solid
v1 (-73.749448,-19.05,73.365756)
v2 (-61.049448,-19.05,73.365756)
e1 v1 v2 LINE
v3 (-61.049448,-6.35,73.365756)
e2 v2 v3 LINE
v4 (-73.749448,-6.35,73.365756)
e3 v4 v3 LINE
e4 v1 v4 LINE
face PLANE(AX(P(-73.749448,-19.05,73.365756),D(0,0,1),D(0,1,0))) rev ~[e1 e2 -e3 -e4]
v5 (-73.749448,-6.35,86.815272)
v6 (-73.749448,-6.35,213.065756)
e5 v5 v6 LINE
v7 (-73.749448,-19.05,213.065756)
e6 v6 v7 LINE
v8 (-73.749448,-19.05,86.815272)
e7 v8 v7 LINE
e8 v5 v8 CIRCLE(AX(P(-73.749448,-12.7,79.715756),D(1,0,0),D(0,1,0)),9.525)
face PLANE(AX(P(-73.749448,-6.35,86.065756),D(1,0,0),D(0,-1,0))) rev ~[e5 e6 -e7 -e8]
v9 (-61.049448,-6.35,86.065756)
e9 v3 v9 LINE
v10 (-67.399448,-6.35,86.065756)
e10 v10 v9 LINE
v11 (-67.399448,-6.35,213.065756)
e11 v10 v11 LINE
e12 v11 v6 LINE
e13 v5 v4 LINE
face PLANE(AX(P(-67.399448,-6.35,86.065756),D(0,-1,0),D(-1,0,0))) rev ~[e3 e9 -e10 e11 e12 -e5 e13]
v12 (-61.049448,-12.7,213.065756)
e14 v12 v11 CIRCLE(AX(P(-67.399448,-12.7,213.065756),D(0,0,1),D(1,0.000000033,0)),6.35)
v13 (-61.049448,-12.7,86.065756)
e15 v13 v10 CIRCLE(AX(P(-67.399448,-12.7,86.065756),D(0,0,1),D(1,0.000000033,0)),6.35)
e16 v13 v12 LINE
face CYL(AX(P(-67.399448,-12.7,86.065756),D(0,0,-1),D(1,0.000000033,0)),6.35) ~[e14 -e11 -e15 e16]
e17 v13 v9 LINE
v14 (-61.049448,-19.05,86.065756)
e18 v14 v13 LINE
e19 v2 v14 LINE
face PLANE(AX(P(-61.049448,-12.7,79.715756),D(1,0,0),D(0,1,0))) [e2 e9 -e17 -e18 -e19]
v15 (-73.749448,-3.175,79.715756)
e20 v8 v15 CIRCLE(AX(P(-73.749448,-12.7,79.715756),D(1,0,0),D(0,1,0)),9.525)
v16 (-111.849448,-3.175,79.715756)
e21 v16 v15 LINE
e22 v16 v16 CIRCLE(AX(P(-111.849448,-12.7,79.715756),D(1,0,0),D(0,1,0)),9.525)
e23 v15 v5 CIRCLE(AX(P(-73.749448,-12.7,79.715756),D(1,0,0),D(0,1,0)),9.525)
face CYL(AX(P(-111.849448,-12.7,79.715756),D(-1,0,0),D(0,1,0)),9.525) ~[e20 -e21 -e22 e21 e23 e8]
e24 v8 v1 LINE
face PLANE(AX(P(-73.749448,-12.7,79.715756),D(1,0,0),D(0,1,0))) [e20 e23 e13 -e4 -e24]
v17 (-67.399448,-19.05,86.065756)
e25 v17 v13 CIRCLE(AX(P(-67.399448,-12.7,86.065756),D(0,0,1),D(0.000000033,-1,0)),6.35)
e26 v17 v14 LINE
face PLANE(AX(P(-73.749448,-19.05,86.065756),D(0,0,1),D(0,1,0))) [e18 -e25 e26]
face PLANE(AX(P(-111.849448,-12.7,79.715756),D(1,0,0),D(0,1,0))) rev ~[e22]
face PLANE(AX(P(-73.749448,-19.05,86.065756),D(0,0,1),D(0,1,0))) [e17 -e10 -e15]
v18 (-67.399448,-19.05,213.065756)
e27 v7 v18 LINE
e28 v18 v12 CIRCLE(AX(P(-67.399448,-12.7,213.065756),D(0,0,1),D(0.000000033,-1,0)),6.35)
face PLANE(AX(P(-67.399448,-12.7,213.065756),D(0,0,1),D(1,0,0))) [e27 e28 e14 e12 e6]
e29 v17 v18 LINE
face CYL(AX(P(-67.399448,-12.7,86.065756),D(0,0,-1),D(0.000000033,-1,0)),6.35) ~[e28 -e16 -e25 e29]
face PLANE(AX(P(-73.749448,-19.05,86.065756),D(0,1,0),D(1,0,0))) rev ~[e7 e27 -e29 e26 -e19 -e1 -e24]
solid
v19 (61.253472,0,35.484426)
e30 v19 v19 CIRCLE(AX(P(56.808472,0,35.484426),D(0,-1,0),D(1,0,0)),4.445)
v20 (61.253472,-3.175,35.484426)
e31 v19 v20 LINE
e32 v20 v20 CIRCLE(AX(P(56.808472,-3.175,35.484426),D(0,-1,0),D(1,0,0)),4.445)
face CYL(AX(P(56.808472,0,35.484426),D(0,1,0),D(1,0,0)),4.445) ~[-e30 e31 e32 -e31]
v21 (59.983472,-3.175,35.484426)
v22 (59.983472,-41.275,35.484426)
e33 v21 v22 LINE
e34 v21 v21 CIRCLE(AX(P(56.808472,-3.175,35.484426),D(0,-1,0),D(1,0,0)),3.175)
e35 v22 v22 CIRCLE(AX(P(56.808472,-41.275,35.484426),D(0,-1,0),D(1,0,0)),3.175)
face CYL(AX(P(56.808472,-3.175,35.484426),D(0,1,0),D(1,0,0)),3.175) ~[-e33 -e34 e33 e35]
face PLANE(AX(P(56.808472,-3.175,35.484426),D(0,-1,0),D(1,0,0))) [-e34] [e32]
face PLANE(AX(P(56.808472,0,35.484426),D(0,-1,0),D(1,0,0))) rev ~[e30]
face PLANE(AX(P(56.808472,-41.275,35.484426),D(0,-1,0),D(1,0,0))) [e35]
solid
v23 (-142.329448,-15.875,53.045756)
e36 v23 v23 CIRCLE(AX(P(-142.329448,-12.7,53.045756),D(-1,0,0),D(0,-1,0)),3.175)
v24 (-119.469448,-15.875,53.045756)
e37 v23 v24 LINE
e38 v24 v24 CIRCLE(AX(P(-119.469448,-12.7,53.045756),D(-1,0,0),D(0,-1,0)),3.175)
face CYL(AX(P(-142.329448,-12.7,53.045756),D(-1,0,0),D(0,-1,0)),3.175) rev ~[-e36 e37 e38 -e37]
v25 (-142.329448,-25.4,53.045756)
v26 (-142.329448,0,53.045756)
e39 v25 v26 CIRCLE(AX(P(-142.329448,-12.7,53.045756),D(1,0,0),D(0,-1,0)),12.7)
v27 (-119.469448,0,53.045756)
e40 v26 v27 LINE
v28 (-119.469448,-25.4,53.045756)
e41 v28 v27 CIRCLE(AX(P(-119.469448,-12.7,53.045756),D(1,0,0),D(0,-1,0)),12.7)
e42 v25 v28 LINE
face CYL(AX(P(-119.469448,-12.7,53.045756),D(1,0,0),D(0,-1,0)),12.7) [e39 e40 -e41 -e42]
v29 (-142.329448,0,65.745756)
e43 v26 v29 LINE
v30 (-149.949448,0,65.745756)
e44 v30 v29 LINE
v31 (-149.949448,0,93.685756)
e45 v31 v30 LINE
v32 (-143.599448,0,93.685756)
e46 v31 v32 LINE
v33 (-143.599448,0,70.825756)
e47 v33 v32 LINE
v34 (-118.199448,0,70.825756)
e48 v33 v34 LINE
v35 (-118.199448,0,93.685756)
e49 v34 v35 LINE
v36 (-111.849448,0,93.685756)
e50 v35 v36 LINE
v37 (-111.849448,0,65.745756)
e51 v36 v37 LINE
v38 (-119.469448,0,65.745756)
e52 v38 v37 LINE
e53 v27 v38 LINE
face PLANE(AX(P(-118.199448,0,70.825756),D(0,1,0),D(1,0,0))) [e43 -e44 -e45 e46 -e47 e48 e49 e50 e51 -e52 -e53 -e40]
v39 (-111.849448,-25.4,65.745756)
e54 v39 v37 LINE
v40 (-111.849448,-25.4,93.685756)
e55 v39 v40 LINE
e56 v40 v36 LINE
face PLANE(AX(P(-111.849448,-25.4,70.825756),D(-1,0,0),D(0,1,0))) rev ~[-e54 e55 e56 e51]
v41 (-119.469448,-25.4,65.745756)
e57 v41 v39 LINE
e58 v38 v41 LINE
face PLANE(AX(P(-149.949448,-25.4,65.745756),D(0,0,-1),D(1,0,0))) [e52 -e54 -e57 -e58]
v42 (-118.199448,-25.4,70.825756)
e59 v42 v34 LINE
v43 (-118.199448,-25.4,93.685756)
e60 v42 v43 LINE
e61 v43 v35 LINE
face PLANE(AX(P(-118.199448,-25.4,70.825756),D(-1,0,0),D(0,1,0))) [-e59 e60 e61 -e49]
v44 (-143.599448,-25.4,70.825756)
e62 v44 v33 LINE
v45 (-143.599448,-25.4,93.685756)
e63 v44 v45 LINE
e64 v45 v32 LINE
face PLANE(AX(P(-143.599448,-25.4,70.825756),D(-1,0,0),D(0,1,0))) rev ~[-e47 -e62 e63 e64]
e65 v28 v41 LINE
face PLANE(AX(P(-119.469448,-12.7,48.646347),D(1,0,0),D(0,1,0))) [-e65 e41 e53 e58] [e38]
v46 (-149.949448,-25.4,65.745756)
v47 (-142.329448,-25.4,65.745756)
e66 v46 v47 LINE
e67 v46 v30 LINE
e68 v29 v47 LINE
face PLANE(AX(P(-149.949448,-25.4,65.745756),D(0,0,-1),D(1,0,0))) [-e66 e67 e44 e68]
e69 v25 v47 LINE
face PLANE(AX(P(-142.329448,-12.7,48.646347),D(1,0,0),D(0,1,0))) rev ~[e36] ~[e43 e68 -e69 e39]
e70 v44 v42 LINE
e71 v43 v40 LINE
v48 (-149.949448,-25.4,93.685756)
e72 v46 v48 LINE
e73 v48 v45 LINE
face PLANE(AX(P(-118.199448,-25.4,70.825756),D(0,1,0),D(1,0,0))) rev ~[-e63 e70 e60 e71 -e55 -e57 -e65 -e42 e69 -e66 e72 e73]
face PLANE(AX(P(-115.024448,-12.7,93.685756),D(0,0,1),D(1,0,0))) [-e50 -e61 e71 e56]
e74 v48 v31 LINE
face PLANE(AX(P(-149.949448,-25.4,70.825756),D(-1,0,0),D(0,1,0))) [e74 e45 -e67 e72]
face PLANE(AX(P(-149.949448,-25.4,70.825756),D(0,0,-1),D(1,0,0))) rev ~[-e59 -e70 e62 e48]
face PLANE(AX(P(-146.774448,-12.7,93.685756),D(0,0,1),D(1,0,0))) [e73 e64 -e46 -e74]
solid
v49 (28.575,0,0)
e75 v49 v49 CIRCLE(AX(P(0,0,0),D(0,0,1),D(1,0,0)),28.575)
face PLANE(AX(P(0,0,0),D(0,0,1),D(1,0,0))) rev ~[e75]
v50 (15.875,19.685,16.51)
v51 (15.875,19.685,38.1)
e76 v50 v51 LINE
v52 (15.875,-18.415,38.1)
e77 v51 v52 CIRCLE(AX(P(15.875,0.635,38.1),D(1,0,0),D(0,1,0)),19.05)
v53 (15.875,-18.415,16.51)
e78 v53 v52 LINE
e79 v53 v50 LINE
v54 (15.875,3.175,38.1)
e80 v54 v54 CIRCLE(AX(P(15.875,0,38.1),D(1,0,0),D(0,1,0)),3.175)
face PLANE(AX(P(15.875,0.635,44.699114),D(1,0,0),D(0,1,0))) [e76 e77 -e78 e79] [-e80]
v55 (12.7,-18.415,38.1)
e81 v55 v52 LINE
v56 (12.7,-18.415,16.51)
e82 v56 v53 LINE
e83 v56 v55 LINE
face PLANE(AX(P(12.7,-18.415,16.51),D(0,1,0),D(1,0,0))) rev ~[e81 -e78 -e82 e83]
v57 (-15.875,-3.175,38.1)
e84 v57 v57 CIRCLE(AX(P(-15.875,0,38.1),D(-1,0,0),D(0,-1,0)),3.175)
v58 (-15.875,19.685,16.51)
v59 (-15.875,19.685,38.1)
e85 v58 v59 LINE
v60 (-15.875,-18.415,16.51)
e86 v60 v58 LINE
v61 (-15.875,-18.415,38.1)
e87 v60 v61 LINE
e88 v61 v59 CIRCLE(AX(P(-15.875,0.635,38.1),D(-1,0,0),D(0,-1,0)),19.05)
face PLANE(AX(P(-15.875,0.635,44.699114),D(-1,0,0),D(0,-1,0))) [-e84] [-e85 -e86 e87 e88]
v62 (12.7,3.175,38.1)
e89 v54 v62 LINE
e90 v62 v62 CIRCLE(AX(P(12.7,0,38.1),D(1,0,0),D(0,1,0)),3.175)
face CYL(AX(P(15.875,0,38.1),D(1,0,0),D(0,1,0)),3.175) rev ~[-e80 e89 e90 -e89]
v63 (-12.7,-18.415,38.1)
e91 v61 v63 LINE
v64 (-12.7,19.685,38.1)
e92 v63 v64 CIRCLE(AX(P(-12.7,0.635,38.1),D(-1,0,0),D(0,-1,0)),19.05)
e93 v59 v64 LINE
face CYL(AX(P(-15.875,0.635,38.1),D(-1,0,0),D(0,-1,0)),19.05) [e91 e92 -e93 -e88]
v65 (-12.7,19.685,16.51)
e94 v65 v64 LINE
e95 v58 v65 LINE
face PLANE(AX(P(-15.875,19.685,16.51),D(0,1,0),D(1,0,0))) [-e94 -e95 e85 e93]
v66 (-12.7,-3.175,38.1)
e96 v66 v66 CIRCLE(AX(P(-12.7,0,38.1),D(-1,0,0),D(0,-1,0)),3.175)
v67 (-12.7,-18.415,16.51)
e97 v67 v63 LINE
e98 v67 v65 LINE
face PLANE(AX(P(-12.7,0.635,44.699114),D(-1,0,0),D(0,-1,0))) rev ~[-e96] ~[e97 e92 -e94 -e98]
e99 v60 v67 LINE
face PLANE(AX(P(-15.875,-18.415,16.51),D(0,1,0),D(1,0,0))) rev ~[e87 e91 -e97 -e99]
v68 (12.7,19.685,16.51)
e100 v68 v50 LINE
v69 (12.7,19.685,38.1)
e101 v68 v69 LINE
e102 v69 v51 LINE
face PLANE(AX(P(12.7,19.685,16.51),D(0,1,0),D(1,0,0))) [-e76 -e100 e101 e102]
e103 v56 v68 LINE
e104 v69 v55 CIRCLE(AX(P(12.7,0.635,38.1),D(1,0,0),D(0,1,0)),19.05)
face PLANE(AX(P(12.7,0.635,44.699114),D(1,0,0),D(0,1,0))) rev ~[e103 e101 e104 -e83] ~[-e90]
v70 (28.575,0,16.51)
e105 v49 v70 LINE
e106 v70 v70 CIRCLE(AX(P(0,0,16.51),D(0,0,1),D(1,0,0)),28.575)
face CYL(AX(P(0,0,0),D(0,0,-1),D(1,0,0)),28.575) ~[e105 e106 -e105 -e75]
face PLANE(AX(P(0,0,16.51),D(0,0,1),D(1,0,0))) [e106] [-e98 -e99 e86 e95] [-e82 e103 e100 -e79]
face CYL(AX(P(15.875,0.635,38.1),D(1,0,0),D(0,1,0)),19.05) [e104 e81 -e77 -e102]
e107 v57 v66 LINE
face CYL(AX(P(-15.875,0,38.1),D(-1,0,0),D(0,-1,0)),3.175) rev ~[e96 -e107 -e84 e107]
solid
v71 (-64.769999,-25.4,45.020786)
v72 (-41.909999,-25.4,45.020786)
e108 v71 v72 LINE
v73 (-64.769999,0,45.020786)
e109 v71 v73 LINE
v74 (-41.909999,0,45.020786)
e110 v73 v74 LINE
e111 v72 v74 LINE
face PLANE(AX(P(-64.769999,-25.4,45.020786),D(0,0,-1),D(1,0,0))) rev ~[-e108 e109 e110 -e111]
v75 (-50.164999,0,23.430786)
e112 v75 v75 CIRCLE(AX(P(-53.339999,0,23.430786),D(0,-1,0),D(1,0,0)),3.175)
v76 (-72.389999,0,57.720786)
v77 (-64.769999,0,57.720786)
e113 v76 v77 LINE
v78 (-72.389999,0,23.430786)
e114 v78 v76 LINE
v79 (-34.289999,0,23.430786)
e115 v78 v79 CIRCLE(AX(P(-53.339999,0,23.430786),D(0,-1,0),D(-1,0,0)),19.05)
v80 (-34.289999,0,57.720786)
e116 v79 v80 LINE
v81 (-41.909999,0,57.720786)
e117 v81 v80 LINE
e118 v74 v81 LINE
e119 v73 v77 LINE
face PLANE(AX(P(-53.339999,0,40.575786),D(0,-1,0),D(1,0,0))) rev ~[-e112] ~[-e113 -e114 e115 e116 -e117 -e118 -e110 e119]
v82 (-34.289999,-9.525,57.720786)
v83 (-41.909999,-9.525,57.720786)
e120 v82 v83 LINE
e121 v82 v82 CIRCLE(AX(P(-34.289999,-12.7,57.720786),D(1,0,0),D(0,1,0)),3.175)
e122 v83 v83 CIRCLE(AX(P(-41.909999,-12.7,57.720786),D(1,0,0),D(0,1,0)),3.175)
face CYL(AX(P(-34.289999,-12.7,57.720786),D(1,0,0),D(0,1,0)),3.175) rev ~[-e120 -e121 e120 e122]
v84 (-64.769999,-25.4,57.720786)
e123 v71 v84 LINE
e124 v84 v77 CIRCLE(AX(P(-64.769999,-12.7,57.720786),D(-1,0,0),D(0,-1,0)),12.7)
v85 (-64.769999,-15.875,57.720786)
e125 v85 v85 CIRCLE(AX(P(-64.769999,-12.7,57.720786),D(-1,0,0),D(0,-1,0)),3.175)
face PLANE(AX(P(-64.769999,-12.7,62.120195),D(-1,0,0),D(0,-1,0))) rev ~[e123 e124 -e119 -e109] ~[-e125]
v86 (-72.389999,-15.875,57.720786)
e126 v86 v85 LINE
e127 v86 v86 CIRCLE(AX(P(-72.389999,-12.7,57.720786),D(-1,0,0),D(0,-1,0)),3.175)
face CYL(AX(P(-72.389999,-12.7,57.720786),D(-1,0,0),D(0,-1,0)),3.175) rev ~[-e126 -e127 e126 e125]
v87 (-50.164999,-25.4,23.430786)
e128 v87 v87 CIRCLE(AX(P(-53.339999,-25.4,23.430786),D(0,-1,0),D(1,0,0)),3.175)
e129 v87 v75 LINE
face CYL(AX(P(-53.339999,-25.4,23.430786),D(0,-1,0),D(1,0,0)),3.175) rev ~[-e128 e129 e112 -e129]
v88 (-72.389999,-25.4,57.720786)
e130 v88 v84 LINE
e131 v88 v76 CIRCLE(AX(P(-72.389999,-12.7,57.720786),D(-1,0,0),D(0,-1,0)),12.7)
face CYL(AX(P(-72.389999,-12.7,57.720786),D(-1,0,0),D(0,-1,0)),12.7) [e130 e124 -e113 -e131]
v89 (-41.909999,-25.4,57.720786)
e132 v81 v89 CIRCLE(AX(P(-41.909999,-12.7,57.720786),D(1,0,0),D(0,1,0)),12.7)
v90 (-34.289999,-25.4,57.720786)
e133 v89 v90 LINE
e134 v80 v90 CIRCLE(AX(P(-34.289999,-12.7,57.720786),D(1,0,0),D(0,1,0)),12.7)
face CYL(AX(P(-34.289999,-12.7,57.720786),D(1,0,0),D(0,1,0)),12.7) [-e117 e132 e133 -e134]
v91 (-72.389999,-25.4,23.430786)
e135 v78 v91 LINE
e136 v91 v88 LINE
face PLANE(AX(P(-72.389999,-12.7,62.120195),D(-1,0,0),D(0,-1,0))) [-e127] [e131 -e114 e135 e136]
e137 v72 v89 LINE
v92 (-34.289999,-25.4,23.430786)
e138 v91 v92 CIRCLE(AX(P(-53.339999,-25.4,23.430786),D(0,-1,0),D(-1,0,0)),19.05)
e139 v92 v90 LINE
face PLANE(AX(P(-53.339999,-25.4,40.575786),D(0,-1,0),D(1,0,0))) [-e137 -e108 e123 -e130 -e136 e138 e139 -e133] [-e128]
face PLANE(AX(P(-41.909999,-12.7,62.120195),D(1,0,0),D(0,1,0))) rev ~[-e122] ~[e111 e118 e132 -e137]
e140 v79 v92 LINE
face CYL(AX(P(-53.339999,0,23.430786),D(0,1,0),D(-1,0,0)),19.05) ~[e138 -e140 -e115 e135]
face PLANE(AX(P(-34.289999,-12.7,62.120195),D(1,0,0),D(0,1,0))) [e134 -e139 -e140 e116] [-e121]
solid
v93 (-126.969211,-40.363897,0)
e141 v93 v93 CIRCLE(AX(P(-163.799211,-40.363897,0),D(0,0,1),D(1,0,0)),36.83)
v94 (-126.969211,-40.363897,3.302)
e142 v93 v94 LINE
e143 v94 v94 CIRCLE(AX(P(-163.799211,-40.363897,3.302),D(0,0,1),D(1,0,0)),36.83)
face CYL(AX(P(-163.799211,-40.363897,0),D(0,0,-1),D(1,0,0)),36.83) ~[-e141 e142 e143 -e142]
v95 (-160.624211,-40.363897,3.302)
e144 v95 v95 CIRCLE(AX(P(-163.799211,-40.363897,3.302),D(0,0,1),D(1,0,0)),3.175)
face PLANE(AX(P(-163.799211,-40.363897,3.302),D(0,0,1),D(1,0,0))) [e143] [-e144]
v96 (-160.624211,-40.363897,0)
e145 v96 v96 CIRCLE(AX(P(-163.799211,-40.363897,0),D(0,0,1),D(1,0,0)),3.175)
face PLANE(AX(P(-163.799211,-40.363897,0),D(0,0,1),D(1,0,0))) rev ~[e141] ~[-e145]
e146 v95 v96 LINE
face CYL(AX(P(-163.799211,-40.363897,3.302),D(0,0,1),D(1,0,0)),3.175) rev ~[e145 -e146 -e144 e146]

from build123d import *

# Parameters (mm, degrees)
F0_R      = 28.575
F1_DEPTH  = 16.51
F2_W      = 3.175
F2_H      = 38.1
F3_DEPTH  = 21.59
F5_DEPTH  = 3.175
F7_DEPTH  = 3.175
F8_R      = 3.175
F9_DEPTH  = 25.4
F10_R     = 3.175
F11_DEPTH = 25.4
F12_W     = 38.1
F12_H     = 34.29
F13_DEPTH = 25.4
F14_R     = 3.175
F15_DEPTH = 25.4
F16_W     = 22.86
F16_H     = 12.7
F17_DEPTH = 25.4
F19_DEPTH = 7.62
F21_DEPTH = 7.62
F22_R     = 3.175
F23_DEPTH = 12.7
F24_R     = 3.175
F25_DEPTH = 25.4
F26_W     = 22.86
F26_H     = 12.7
F27_DEPTH = 25.4
F29_DEPTH = 22.86
F30_R     = 3.175
F31_DEPTH = 25.4
F32_W     = 38.1
F32_H     = 5.08
F33_DEPTH = 25.4
F34_W     = 6.35
F34_H     = 25.4
F35_DEPTH = 22.86
F36_W     = 6.35
F36_H     = 25.4
F37_DEPTH = 22.86
F38_R     = 36.83
F39_DEPTH = 3.302
F40_R     = 3.175
F41_DEPTH = 25.4
F42_R     = 4.445
F43_DEPTH = 3.175
F44_R     = 3.175
F45_DEPTH = 38.1
F46_R     = 9.525
F47_DEPTH = 38.1
F48_W     = 12.7
F48_H     = 12.7
F49_DEPTH = 12.7
F51_DEPTH = 127


with BuildPart() as f1:
    # F0 (on Top) → F1 (new body)
    with BuildSketch(Plane.XY):
        Circle(F0_R)
    extrude(amount=F1_DEPTH)

    # F2 (on face) → F3 (join)
    with BuildSketch(Plane.XY.offset(16.51)):
        with Locations((-14.2875, 0.635)):
            Rectangle(F2_W, F2_H)
        with Locations((14.2875, 0.635)):
            Rectangle(F2_W, F2_H)
    extrude(amount=F3_DEPTH)

    # F4 (on face) → F5 (join)
    with BuildSketch(Plane(origin=(-15.875, 0, 0), x_dir=(0, -1, 0), z_dir=(-1, 0, 0))):
        with BuildLine():
            Line((-19.685, 38.1), (18.415, 38.1))
            ThreePointArc((18.415, 38.1), (-0.635, 57.15), (-19.685, 38.1))
        make_face()
    extrude(amount=-F5_DEPTH)

    # F6 (on face) → F7 (join)
    with BuildSketch(Plane.YZ.offset(15.875)):
        with BuildLine():
            Line((-18.415, 38.1), (19.685, 38.1))
            ThreePointArc((19.685, 38.1), (0.635, 57.15), (-18.415, 38.1))
        make_face()
    extrude(amount=-F7_DEPTH)

    # F8 (on face) → F9 (cut)
    with BuildSketch(Plane(origin=(-15.875, 0, 0), x_dir=(0, -1, 0), z_dir=(-1, 0, 0))):
        with Locations((0, 38.1)):
            Circle(F8_R)
    extrude(amount=-F9_DEPTH, mode=Mode.SUBTRACT)

    # F10 (on face) → F11 (cut)
    with BuildSketch(Plane.YZ.offset(15.875)):
        with Locations((0, 38.1)):
            Circle(F10_R)
    extrude(amount=-F11_DEPTH, mode=Mode.SUBTRACT)


with BuildPart() as f13:
    # F12 (on Front) → F13 (new body)
    with BuildSketch(Plane.XZ):
        with Locations((-53.339999, 40.575786)):
            Rectangle(F12_W, F12_H)
        with BuildLine():
            Line((-34.289999, 23.430786), (-72.389999, 23.430786))
            ThreePointArc((-72.389999, 23.430786), (-53.339999, 4.380786), (-34.289999, 23.430786))
        make_face()
    extrude(amount=F13_DEPTH)

    # F14 (on face) → F15 (cut)
    with BuildSketch(Plane.XZ.offset(25.4)):
        with Locations((-53.339999, 23.430786)):
            Circle(F14_R)
    extrude(amount=-F15_DEPTH, mode=Mode.SUBTRACT)

    # F16 (on face) → F17 (cut)
    with BuildSketch(Plane.XZ.offset(25.4)):
        with Locations((-53.339999, 51.370786)):
            Rectangle(F16_W, F16_H)
    extrude(amount=-F17_DEPTH, mode=Mode.SUBTRACT)

    # F18 (on face) → F19 (join)
    with BuildSketch(Plane(origin=(-72.389999, 0, 0), x_dir=(0, -1, 0), z_dir=(-1, 0, 0))):
        with BuildLine():
            Line((0, 57.720786), (25.4, 57.720786))
            ThreePointArc((25.4, 57.720786), (12.7, 70.420786), (0, 57.720786))
        make_face()
    extrude(amount=-F19_DEPTH)

    # F20 (on face) → F21 (join)
    with BuildSketch(Plane.YZ.offset(-34.289999)):
        with BuildLine():
            Line((-25.4, 57.720786), (0, 57.720786))
            ThreePointArc((0, 57.720786), (-12.7, 70.420786), (-25.4, 57.720786))
        make_face()
    extrude(amount=-F21_DEPTH)

    # F22 (on face) → F23 (cut)
    with BuildSketch(Plane(origin=(-72.389999, 0, 0), x_dir=(0, -1, 0), z_dir=(-1, 0, 0))):
        with Locations((12.7, 57.720786)):
            Circle(F22_R)
    extrude(amount=-F23_DEPTH, mode=Mode.SUBTRACT)

    # F24 (on face) → F25 (cut)
    with BuildSketch(Plane.YZ.offset(-34.289999)):
        with Locations((-12.7, 57.720786)):
            Circle(F24_R)
    extrude(amount=-F25_DEPTH, mode=Mode.SUBTRACT)


with BuildPart() as f27:
    # F26 (on Front) → F27 (new body)
    with BuildSketch(Plane.XZ):
        with Locations((-130.899448, 59.395756)):
            Rectangle(F26_W, F26_H)
    extrude(amount=F27_DEPTH)

    # F28 (on face) → F29 (join)
    with BuildSketch(Plane.YZ.offset(-119.469448)):
        with BuildLine():
            Line((0, 53.045756), (-25.4, 53.045756))
            ThreePointArc((-25.4, 53.045756), (-12.7, 40.345756), (0, 53.045756))
        make_face()
    extrude(amount=-F29_DEPTH)

    # F30 (on face) → F31 (cut)
    with BuildSketch(Plane(origin=(-142.329448, 0, 0), x_dir=(0, -1, 0), z_dir=(-1, 0, 0))):
        with Locations((12.7, 53.045756)):
            Circle(F30_R)
    extrude(amount=-F31_DEPTH, mode=Mode.SUBTRACT)

    # F32 (on face) → F33 (join)
    with BuildSketch(Plane.XZ.offset(25.4)):
        with Locations((-130.899448, 68.285756)):
            Rectangle(F32_W, F32_H)
    extrude(amount=-F33_DEPTH)

    # F34 (on face) → F35 (join)
    with BuildSketch(Plane.XY.offset(70.825756)):
        with Locations((-146.774448, -12.7)):
            Rectangle(F34_W, F34_H)
    extrude(amount=F35_DEPTH)

    # F36 (on face) → F37 (join)
    with BuildSketch(Plane.XY.offset(70.825756)):
        with Locations((-115.024448, -12.7)):
            Rectangle(F36_W, F36_H)
    extrude(amount=F37_DEPTH)


with BuildPart() as f39:
    # F38 (on Top) → F39 (new body)
    with BuildSketch(Plane.XY):
        with Locations((-163.799211, -40.363897)):
            Circle(F38_R)
    extrude(amount=F39_DEPTH)

    # F40 (on face) → F41 (cut)
    with BuildSketch(Plane.XY.offset(3.302)):
        with Locations((-163.799211, -40.363897)):
            Circle(F40_R)
    extrude(amount=-F41_DEPTH, mode=Mode.SUBTRACT)


with BuildPart() as f43:
    # F42 (on Front) → F43 (new body)
    with BuildSketch(Plane.XZ):
        with Locations((56.808472, 35.484426)):
            Circle(F42_R)
    extrude(amount=F43_DEPTH)

    # F44 (on face) → F45 (join)
    with BuildSketch(Plane.XZ.offset(3.175)):
        with Locations((56.808472, 35.484426)):
            Circle(F44_R)
    extrude(amount=F45_DEPTH)


with BuildPart() as f47:
    # F46 (on face) → F47 (new body)
    with BuildSketch(Plane.YZ.offset(-111.849448)):
        with Locations((-12.7, 79.715756)):
            Circle(F46_R)
    extrude(amount=F47_DEPTH)

    # F48 (on face) → F49 (join)
    with BuildSketch(Plane.YZ.offset(-73.749448)):
        with Locations((-12.7, 79.715756)):
            Rectangle(F48_W, F48_H)
    extrude(amount=F49_DEPTH)

    # F50 (on face) → F51 (join)
    with BuildSketch(Plane.XY.offset(86.065756)):
        with BuildLine():
            ThreePointArc((-67.399448, -19.05), (-62.90932, -17.190128), (-61.049448, -12.7))
            ThreePointArc((-61.049448, -12.7), (-62.90932, -8.209872), (-67.399448, -6.35))
            ThreePointArc((-67.399448, -6.35), (-71.889576, -8.209872), (-73.749448, -12.7))
            ThreePointArc((-73.749448, -12.7), (-71.889576, -17.190128), (-67.399448, -19.05))
        make_face()
        with BuildLine():
            Line((-73.749448, -19.05), (-67.399448, -19.05))
            ThreePointArc((-67.399448, -19.05), (-71.889576, -17.190128), (-73.749448, -12.7))
            Line((-73.749448, -12.7), (-73.749448, -19.05))
        make_face()
        with BuildLine():
            ThreePointArc((-73.749448, -12.7), (-71.889576, -8.209872), (-67.399448, -6.35))
            Line((-67.399448, -6.35), (-73.749448, -6.35))
            Line((-73.749448, -6.35), (-73.749448, -12.7))
        make_face()
    extrude(amount=F51_DEPTH)


solid = Compound([f1.part, f13.part, f27.part, f39.part, f43.part, f47.part])
